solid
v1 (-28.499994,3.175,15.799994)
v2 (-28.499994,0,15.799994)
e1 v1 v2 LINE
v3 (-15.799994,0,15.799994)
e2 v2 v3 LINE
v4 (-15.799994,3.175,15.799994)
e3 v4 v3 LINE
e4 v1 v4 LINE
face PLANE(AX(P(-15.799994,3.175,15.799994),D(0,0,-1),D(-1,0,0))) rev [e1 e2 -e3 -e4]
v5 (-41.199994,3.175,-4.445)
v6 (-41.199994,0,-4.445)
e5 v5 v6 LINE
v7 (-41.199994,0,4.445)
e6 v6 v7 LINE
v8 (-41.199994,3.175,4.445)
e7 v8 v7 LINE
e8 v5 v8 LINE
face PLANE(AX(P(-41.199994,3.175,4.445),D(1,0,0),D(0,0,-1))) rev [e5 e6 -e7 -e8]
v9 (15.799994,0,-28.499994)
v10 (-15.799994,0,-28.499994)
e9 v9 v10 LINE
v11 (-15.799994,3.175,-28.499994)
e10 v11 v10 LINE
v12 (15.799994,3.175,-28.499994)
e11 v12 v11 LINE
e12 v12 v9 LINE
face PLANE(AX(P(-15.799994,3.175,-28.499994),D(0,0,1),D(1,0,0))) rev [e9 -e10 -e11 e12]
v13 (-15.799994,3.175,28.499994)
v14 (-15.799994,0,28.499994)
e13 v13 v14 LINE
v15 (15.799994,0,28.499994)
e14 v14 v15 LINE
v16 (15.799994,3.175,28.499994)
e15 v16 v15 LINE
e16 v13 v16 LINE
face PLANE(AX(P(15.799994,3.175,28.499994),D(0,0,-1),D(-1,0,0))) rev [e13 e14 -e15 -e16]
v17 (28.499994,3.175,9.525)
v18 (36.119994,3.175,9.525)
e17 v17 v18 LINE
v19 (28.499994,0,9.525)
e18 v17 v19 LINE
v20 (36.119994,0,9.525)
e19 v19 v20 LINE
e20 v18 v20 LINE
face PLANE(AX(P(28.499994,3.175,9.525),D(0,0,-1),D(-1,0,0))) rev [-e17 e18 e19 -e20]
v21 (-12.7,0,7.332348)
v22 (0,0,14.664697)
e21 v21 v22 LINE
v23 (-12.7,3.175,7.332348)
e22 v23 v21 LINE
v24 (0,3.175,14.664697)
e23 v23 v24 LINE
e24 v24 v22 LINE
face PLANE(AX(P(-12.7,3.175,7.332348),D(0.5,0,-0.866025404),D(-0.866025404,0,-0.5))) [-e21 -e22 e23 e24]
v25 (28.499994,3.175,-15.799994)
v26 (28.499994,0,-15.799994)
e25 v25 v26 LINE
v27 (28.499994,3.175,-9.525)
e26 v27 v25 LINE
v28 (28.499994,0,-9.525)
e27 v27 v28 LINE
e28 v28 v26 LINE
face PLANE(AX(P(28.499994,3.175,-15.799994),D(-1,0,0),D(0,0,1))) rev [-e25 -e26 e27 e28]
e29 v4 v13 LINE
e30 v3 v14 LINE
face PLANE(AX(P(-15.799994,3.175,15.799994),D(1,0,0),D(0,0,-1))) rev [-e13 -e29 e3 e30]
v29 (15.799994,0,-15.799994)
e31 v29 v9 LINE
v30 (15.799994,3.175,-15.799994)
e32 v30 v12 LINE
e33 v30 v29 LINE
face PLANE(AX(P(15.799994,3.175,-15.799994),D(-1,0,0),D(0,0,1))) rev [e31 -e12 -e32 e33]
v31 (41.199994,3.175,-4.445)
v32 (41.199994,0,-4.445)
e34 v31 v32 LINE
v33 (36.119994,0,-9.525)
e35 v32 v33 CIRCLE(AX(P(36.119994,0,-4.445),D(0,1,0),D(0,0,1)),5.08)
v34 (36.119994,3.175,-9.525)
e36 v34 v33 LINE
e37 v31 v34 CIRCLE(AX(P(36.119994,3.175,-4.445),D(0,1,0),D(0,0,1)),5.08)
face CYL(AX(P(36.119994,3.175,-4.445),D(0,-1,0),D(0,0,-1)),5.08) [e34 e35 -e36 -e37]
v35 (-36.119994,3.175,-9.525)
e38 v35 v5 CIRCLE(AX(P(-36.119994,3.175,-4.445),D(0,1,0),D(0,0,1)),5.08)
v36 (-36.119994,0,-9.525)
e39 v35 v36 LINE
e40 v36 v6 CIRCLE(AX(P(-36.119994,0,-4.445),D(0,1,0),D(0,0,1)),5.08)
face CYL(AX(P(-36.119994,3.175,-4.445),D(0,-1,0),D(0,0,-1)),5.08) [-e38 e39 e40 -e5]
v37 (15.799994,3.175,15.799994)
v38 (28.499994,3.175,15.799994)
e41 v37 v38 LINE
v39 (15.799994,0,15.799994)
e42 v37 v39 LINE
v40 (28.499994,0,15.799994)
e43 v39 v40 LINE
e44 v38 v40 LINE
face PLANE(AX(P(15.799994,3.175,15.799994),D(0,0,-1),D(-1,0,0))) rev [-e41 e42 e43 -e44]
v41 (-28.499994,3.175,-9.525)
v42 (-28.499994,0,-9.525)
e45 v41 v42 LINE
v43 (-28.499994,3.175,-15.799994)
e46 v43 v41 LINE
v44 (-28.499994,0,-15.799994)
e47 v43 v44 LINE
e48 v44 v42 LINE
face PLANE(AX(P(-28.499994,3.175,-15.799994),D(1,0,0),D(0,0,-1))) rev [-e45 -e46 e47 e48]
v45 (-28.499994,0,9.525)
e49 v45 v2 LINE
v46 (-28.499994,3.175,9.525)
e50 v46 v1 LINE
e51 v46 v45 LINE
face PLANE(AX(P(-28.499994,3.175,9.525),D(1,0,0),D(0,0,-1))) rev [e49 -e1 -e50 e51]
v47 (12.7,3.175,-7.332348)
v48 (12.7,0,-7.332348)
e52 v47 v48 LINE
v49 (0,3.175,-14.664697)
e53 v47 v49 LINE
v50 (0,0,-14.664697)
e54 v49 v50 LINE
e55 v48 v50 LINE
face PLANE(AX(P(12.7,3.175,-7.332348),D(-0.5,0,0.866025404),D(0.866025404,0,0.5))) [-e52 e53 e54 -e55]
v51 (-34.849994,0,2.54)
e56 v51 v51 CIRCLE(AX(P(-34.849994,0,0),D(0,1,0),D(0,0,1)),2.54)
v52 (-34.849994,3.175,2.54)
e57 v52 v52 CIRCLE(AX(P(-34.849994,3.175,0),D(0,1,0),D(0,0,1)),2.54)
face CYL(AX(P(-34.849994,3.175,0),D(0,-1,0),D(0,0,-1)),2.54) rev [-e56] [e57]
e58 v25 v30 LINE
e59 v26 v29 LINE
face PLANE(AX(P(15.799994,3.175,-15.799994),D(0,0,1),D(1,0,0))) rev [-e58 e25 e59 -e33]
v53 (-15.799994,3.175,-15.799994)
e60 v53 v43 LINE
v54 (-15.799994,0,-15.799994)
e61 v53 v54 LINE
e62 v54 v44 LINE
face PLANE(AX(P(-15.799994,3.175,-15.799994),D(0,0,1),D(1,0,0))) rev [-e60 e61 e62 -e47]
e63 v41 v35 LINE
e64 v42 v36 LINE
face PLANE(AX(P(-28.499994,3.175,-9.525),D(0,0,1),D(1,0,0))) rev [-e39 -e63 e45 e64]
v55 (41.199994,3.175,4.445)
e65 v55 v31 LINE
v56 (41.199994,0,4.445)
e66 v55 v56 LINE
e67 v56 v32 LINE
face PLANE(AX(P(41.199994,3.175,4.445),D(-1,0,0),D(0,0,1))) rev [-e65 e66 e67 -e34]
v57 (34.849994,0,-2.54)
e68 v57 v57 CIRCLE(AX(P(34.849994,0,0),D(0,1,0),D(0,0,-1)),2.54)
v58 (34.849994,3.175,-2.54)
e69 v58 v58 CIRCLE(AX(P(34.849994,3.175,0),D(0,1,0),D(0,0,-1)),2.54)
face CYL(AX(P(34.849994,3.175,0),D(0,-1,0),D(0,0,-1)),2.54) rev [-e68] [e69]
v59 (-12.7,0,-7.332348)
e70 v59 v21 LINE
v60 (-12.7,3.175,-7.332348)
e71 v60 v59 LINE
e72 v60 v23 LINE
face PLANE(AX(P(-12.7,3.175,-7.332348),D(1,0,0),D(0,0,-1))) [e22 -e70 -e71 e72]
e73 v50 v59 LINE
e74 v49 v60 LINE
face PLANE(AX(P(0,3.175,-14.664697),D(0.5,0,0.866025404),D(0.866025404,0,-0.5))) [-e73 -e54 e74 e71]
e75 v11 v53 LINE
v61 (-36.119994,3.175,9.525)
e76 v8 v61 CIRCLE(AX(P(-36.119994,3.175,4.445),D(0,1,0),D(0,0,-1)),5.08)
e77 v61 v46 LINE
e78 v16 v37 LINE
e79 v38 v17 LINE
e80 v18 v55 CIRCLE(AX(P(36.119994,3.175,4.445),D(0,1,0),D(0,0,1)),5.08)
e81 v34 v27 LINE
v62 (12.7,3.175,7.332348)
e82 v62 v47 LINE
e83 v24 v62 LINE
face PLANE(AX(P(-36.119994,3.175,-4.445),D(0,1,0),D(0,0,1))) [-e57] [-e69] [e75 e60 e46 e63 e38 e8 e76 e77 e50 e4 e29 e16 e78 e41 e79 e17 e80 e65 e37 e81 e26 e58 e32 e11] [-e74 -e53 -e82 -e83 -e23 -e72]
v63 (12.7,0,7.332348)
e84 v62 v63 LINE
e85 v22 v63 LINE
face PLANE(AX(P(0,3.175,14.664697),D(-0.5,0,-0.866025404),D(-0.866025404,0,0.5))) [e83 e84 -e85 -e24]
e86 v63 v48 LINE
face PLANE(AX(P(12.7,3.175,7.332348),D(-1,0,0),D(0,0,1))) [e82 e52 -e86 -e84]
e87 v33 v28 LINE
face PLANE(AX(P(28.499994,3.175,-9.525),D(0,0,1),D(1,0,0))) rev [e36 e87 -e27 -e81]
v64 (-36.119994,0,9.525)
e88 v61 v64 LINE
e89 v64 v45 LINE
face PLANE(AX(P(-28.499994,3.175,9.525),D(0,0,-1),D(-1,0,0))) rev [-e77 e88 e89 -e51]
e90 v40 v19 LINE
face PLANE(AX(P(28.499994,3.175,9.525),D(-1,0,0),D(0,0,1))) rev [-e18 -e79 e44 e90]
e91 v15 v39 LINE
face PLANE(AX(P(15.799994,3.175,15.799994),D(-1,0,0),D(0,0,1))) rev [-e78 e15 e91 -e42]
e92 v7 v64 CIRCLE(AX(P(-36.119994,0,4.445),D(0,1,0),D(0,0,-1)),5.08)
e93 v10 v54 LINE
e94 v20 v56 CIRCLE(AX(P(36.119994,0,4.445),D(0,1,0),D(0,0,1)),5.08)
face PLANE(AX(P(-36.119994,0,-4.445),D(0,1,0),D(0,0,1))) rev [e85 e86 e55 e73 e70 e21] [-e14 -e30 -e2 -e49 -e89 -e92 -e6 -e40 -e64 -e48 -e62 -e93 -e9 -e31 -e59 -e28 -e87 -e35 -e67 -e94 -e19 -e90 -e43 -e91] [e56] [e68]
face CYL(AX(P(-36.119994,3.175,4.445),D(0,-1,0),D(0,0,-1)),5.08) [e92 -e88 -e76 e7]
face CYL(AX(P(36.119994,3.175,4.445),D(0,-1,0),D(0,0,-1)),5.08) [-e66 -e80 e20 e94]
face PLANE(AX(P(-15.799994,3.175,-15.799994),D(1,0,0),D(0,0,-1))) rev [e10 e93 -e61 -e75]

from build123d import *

# Parameters (mm, degrees)
SKETCH1_R           = 2.54
BOSS_EXTRUDE1_DEPTH = 3.175


with BuildPart() as part:
    # Sketch1 → Boss-Extrude1 (new body)
    with BuildSketch(Plane(origin=(0, 0, 0), x_dir=(1, 0, 0), z_dir=(0, 1, 0))):
        with BuildLine():
            Line((-28.4999938, 15.7999938), (-28.4999938, 9.525))
            Line((-28.4999938, 9.525), (-36.1199938, 9.525))
            ThreePointArc((-36.1199938, 9.525), (-39.712096248, 8.037102448), (-41.1999938, 4.445))
            Line((-41.1999938, 4.445), (-41.1999938, -4.445))
            ThreePointArc((-41.1999938, -4.445), (-39.712096248, -8.037102448), (-36.1199938, -9.525))
            Line((-36.1199938, -9.525), (-28.4999938, -9.525))
            Line((-28.4999938, -9.525), (-28.4999938, -15.7999938))
            Line((-28.4999938, -15.7999938), (-15.7999938, -15.7999938))
            Line((-15.7999938, -15.7999938), (-15.7999938, -28.4999938))
            Line((-15.7999938, -28.4999938), (15.7999938, -28.4999938))
            Line((15.7999938, -28.4999938), (15.7999938, -15.7999938))
            Line((15.7999938, -15.7999938), (28.4999938, -15.7999938))
            Line((28.4999938, -15.7999938), (28.4999938, -9.525))
            Line((28.4999938, -9.525), (36.1199938, -9.525))
            ThreePointArc((36.1199938, -9.525), (39.712096248, -8.037102448), (41.1999938, -4.445))
            Line((41.1999938, -4.445), (41.1999938, 4.445))
            ThreePointArc((41.1999938, 4.445), (39.712096248, 8.037102448), (36.1199938, 9.525))
            Line((36.1199938, 9.525), (28.4999938, 9.525))
            Line((28.4999938, 9.525), (28.4999938, 15.7999938))
            Line((28.4999938, 15.7999938), (15.7999938, 15.7999938))
            Line((15.7999938, 15.7999938), (15.7999938, 28.4999938))
            Line((15.7999938, 28.4999938), (-15.7999938, 28.4999938))
            Line((-15.7999938, 28.4999938), (-15.7999938, 15.7999938))
            Line((-15.7999938, 15.7999938), (-28.4999938, 15.7999938))
        make_face()
        with Locations((-34.8499938, 0)):
            Circle(SKETCH1_R, mode=Mode.SUBTRACT)
        with Locations((34.8499938, 0)):
            Circle(SKETCH1_R, mode=Mode.SUBTRACT)
        Polygon((0, 14.664696837), (-12.7, 7.332348419), (-12.7, -7.332348419), (0, -14.664696837), (12.7, -7.332348419), (12.7, 7.332348419), align=None, mode=Mode.SUBTRACT)
    extrude(amount=BOSS_EXTRUDE1_DEPTH)


solid = part.part
